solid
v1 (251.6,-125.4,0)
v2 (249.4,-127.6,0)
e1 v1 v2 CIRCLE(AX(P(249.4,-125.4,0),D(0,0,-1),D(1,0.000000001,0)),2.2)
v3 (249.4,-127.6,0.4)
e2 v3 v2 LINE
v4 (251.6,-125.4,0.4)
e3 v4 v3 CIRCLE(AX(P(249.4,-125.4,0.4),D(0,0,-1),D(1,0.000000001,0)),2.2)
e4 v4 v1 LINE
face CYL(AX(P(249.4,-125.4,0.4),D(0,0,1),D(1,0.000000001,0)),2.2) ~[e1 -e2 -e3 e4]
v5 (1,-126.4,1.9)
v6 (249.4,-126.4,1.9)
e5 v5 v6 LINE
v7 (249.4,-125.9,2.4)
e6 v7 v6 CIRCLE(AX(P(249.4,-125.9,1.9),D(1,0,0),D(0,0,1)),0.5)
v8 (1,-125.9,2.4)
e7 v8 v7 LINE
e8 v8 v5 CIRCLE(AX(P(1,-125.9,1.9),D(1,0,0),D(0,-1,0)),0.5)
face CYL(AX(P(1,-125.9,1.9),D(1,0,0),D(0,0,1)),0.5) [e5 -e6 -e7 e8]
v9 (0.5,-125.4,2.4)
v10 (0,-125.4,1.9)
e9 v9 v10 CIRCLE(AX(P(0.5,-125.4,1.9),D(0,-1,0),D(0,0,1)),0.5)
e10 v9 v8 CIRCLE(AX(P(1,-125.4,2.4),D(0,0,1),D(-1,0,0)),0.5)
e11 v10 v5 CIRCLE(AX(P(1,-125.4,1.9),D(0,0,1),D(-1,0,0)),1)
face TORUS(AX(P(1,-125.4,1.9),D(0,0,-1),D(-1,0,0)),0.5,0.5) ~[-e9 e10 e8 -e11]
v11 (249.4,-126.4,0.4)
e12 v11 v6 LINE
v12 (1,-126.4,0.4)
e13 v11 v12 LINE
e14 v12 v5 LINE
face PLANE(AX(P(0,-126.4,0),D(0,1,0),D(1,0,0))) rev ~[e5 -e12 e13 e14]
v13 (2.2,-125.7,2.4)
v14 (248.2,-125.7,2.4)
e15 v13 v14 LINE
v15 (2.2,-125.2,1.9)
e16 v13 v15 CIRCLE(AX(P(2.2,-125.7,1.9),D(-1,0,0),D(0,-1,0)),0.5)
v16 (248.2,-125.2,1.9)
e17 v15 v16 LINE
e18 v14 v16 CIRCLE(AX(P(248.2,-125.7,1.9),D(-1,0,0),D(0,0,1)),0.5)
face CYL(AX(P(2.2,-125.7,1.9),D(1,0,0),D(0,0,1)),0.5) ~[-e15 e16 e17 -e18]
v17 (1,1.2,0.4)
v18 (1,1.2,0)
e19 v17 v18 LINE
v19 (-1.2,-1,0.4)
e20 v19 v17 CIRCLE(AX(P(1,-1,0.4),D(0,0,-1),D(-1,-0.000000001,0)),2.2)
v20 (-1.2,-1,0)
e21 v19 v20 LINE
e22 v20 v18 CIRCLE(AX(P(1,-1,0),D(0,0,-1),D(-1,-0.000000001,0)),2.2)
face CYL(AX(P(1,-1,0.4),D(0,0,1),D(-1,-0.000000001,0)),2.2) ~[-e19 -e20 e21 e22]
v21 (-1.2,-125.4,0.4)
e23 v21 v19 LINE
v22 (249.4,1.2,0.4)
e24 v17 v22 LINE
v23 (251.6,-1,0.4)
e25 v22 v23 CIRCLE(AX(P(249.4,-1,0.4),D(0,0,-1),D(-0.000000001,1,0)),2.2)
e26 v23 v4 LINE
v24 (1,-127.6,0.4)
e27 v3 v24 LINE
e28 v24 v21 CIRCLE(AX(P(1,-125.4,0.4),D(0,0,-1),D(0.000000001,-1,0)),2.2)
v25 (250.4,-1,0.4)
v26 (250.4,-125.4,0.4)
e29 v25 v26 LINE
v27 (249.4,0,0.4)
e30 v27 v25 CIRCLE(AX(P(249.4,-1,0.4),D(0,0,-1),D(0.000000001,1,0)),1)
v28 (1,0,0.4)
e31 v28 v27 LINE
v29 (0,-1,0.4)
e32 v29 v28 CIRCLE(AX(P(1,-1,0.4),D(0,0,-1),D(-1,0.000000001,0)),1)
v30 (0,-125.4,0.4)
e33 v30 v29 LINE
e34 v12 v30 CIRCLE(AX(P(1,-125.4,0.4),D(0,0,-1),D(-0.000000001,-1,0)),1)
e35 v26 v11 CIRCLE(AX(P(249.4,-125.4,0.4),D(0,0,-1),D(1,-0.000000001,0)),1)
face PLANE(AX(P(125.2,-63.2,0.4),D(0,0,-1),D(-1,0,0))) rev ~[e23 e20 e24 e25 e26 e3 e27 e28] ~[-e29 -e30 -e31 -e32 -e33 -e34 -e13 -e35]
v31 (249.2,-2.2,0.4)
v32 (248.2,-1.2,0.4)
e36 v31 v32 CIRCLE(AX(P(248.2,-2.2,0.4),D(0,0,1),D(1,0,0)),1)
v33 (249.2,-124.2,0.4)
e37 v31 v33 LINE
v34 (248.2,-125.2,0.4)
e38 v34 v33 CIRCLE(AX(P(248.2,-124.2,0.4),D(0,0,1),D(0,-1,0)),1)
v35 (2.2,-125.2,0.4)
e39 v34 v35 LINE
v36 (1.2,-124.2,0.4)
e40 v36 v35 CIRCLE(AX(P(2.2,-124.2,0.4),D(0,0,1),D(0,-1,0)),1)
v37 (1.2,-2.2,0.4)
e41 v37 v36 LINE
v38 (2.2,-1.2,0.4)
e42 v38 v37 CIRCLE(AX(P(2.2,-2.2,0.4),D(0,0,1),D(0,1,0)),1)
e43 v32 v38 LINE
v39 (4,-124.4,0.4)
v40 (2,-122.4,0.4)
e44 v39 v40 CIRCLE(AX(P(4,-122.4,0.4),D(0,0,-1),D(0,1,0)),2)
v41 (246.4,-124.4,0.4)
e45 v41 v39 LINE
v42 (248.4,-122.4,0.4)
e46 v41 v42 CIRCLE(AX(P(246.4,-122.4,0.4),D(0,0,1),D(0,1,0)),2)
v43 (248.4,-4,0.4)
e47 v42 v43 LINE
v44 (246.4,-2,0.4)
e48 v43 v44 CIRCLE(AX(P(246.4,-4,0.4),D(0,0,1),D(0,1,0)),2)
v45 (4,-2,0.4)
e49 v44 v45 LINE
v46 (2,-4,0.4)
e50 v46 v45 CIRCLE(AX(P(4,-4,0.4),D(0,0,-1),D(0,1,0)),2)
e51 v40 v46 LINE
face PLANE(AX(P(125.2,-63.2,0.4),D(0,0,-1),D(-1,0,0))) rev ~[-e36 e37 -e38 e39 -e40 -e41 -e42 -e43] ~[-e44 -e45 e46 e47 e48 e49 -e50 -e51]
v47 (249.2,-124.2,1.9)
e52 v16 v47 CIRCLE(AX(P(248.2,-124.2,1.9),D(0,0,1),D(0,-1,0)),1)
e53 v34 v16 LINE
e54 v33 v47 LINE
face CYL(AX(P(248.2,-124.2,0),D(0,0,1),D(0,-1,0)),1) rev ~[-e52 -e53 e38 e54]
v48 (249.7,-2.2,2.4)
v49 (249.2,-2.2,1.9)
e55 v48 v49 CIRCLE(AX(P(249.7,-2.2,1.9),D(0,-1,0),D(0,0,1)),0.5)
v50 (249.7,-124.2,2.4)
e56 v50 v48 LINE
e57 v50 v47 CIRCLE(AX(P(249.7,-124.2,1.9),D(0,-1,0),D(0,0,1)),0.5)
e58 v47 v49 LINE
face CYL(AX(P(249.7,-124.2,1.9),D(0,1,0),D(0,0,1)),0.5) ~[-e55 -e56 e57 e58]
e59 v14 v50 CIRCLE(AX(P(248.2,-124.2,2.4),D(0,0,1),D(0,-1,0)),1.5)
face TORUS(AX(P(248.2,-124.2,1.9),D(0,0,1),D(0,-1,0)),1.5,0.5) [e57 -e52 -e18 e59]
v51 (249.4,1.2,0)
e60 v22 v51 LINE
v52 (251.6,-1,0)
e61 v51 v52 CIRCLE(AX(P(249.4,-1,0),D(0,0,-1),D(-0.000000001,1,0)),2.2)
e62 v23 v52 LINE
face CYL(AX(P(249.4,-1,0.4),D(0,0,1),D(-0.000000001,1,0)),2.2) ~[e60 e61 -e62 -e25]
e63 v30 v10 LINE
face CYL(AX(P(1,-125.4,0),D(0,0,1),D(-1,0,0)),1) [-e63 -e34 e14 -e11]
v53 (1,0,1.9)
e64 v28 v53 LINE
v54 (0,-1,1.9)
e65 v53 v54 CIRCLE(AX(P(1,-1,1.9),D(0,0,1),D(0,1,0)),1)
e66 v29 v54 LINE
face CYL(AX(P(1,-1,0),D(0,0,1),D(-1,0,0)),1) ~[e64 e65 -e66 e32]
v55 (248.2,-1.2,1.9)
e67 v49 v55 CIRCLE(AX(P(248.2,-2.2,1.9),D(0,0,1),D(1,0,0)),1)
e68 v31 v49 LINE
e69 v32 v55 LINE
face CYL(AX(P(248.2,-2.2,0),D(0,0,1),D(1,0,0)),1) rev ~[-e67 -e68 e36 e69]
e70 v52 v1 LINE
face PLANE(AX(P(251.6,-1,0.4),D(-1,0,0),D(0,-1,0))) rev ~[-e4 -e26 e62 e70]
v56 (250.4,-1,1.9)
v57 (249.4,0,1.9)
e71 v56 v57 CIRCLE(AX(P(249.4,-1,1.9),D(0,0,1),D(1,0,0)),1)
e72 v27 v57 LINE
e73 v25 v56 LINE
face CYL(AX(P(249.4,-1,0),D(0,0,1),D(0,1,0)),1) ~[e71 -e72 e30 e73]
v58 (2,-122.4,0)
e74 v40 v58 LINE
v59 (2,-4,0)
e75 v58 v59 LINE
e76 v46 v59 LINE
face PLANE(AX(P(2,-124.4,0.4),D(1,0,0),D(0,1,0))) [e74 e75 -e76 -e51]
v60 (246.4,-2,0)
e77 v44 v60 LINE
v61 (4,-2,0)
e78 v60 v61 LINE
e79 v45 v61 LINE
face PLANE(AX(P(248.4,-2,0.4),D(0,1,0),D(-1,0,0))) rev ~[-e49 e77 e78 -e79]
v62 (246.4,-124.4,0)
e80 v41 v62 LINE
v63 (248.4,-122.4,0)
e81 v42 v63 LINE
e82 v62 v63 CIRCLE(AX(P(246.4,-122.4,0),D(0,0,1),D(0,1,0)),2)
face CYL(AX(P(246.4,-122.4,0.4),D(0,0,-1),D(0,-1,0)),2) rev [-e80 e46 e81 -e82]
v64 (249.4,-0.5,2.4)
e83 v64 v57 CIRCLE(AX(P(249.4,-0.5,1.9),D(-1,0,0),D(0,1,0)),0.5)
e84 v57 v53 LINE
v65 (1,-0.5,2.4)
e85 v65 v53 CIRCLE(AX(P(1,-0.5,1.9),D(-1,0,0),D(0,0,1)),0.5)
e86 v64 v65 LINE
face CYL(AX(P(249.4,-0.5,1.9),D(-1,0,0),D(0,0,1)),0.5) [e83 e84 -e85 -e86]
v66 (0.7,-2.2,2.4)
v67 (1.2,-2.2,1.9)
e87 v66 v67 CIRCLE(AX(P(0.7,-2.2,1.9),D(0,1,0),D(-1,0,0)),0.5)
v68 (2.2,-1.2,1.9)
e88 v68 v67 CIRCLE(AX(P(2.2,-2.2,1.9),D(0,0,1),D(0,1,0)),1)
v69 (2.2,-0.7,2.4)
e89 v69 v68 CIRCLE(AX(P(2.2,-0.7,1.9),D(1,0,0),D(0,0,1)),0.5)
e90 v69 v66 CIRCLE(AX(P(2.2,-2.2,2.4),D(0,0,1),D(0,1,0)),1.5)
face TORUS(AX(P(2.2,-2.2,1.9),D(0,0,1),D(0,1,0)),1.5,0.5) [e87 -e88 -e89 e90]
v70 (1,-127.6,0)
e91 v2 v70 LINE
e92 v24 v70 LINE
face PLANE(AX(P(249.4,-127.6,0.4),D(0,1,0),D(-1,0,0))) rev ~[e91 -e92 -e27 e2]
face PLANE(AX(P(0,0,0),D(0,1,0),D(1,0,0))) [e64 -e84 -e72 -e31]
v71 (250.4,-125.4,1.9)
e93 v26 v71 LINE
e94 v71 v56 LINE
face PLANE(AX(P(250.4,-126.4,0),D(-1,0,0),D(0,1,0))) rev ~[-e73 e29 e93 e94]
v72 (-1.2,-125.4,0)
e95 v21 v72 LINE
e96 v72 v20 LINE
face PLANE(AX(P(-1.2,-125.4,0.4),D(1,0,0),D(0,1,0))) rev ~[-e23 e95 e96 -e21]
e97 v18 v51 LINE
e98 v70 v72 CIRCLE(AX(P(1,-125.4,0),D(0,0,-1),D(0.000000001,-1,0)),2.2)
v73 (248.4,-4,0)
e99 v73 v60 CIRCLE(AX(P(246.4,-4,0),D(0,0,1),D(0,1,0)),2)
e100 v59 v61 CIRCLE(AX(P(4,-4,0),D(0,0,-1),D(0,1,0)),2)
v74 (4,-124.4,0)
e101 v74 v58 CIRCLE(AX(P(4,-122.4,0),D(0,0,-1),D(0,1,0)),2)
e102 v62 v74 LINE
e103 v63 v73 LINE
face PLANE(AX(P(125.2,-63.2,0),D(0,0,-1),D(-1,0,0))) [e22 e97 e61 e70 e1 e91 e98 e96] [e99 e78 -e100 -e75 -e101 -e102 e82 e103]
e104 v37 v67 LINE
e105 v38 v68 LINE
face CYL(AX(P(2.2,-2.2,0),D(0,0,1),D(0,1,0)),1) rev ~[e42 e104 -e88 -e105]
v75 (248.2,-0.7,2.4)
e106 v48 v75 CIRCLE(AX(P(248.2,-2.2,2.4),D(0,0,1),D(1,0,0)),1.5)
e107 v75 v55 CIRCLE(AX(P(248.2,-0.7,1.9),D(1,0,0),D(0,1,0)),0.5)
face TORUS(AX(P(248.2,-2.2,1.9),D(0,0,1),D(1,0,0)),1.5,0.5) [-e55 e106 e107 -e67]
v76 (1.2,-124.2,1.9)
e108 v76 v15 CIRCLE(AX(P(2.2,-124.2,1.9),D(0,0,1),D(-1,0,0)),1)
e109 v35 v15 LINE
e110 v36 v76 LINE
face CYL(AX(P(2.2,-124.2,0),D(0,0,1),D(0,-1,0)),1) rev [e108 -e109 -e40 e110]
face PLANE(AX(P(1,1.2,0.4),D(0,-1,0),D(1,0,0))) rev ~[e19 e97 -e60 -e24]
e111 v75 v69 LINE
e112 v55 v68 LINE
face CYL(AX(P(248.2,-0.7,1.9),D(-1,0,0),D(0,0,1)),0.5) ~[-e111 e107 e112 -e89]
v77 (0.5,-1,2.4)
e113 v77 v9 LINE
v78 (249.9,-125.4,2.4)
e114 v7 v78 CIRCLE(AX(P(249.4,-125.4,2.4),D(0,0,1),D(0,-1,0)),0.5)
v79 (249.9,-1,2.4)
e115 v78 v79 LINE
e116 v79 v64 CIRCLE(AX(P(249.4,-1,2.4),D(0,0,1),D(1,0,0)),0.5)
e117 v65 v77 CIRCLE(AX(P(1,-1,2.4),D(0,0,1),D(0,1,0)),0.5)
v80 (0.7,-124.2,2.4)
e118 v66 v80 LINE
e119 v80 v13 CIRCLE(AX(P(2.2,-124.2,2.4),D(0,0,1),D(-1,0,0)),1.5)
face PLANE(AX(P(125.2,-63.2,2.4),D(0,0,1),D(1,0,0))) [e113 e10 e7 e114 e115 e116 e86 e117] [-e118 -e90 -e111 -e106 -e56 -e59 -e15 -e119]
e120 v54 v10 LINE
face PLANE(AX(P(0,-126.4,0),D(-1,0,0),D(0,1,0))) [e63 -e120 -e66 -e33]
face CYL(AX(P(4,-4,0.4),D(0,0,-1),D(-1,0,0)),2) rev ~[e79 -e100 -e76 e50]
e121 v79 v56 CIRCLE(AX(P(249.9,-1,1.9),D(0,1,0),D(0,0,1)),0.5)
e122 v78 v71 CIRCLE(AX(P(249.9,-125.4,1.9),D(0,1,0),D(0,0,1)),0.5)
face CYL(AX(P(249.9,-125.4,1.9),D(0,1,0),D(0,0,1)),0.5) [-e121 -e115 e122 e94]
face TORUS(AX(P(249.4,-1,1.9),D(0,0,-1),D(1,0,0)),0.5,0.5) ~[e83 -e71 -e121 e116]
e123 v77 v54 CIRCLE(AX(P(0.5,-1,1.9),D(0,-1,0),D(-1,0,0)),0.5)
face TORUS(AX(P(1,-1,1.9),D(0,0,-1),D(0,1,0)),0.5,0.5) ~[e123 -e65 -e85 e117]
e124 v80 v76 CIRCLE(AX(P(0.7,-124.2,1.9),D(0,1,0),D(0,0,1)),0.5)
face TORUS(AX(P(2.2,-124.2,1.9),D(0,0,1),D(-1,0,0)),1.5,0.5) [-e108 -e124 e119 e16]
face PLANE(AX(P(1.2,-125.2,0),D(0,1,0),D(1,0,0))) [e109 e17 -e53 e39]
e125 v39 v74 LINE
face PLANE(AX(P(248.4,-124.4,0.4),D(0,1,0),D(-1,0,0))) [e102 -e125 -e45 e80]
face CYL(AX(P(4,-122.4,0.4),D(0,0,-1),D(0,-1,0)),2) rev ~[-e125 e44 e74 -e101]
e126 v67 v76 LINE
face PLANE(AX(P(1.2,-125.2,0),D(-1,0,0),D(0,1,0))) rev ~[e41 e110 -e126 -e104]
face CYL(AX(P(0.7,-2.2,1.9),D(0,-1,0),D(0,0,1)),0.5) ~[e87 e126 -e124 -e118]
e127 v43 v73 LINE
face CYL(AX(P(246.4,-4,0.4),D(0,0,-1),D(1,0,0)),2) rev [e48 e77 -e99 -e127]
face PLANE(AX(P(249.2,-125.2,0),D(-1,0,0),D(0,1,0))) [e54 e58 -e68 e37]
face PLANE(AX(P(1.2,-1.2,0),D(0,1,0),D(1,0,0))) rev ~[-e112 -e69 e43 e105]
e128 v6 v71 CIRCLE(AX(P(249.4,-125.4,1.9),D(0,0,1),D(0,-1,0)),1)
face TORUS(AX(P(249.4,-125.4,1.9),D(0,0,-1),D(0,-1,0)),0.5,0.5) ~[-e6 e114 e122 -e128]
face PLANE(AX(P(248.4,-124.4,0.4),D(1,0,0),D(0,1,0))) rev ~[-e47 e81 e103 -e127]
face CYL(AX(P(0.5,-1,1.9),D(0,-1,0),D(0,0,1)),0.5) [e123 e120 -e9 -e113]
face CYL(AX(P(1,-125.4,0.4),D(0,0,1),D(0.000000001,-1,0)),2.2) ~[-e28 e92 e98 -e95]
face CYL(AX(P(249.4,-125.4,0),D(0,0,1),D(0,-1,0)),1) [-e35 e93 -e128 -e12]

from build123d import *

# Parameters (mm, degrees)
SKIZZE1_W                       = 250.4
SKIZZE1_H                       = 126.4
SKIZZE1_W_2                     = 248
SKIZZE1_H_2                     = 124
AUFSATZ_LINEAR_AUSTRAGEN1_DEPTH = 2.4
VERRUNDUNG1_R                   = 1
VERRUNDUNG2_R                   = 0.5
AUFSATZ_LINEAR_START            = -0.4
AUFSATZ_LINEAR_AUSTRAGEN2_DEPTH = 0.4
SKIZZE3_W                       = 246.4
SKIZZE3_H                       = 122.4
AUFSATZ_LINEAR_AUSTRAGEN3_DEPTH = 0.4
VERRUNDUNG3_R                   = 2


with BuildPart() as part:
    # Skizze1 → Aufsatz-Linear austragen1 (new body)
    with BuildSketch(Plane.XY):
        with Locations((125.2, -63.2)):
            Rectangle(SKIZZE1_W, SKIZZE1_H)
        with Locations((125.2, -63.2)):
            Rectangle(SKIZZE1_W_2, SKIZZE1_H_2, mode=Mode.SUBTRACT)
    extrude(amount=AUFSATZ_LINEAR_AUSTRAGEN1_DEPTH)

    # Verrundung1
    verrundung1_edges = [part.edges().sort_by_distance(p)[0] for p in [
        (1.2, -1.2, 1.2),
        (1.2, -125.2, 1.2),
        (249.2, -125.2, 1.2),
        (249.2, -1.2, 1.2),
        (0, 0, 1.2),
        (250.4, 0, 1.2),
        (250.4, -126.4, 1.2),
        (0, -126.4, 1.2),
    ]]
    fillet(verrundung1_edges, radius=VERRUNDUNG1_R)

    # Verrundung2
    verrundung2_edges = [part.edges().sort_by_distance(p)[0] for p in [
        (249.2, -63.2, 2.4),
        (125.2, -1.2, 2.4),
        (125.2, -125.2, 2.4),
        (250.4, -63.2, 2.4),
        (125.2, -126.4, 2.4),
        (0, -63.2, 2.4),
        (125.2, 0, 2.4),
        (1.2, -63.2, 2.4),
        (0.292893219, -0.292893219, 2.4),
        (0.292893219, -126.107106781, 2.4),
        (250.107106781, -0.292893219, 2.4),
        (250.107106781, -126.107106781, 2.4),
        (248.907106781, -1.492893219, 2.4),
        (248.907106781, -124.907106781, 2.4),
        (1.492893219, -124.907106781, 2.4),
        (1.492893219, -1.492893219, 2.4),
    ]]
    fillet(verrundung2_edges, radius=VERRUNDUNG2_R)

    # Skizze2 → Aufsatz-Linear austragen2 (add)
    with BuildSketch(Plane(origin=(0, 0, 0), x_dir=(-1, 0, 0), z_dir=(0, 0, -1)).offset(AUFSATZ_LINEAR_START)):
        with BuildLine():
            Line((-1, 1.2), (-249.4, 1.2))
            ThreePointArc((-249.4, 1.2), (-250.955634919, 0.555634919), (-251.6, -1))
            Line((-251.6, -1), (-251.6, -125.4))
            ThreePointArc((-251.6, -125.4), (-250.955634919, -126.955634919), (-249.4, -127.6))
            Line((-249.4, -127.6), (-1, -127.6))
            ThreePointArc((-1, -127.6), (0.555634919, -126.955634919), (1.2, -125.4))
            Line((1.2, -125.4), (1.2, -1))
            ThreePointArc((1.2, -1), (0.555634919, 0.555634919), (-1, 1.2))
        make_face()
        with BuildLine():
            Line((-250.4, -1), (-250.4, -125.4))
            ThreePointArc((-250.4, -125.4), (-250.107106781, -126.107106781), (-249.4, -126.4))
            Line((-249.4, -126.4), (-1, -126.4))
            ThreePointArc((-1, -126.4), (-0.292893219, -126.107106781), (0, -125.4))
            Line((0, -125.4), (0, -1))
            ThreePointArc((0, -1), (-0.292893219, -0.292893219), (-1, 0))
            Line((-1, 0), (-249.4, 0))
            ThreePointArc((-249.4, 0), (-250.107106781, -0.292893219), (-250.4, -1))
        make_face(mode=Mode.SUBTRACT)
    extrude(amount=AUFSATZ_LINEAR_AUSTRAGEN2_DEPTH)

    # Skizze3 → Aufsatz-Linear austragen3 (add)
    with BuildSketch(Plane(origin=(0, 0, 0), x_dir=(-1, 0, 0), z_dir=(0, 0, -1)).offset(AUFSATZ_LINEAR_START)):
        with BuildLine():
            Line((-1, 1.2), (-249.4, 1.2))
            ThreePointArc((-249.4, 1.2), (-250.955634919, 0.555634919), (-251.6, -1))
            Line((-251.6, -1), (-251.6, -125.4))
            ThreePointArc((-251.6, -125.4), (-250.955634919, -126.955634919), (-249.4, -127.6))
            Line((-249.4, -127.6), (-1, -127.6))
            ThreePointArc((-1, -127.6), (0.555634919, -126.955634919), (1.2, -125.4))
            Line((1.2, -125.4), (1.2, -1))
            ThreePointArc((1.2, -1), (0.555634919, 0.555634919), (-1, 1.2))
        make_face()
        with Locations((-125.2, -63.2)):
            Rectangle(SKIZZE3_W, SKIZZE3_H, mode=Mode.SUBTRACT)
    extrude(amount=AUFSATZ_LINEAR_AUSTRAGEN3_DEPTH)

    # Verrundung3
    verrundung3_edges = [part.edges().sort_by_distance(p)[0] for p in [
        (2, -124.4, 0.2),
        (248.4, -124.4, 0.2),
        (248.4, -2, 0.2),
        (2, -2, 0.2),
    ]]
    fillet(verrundung3_edges, radius=VERRUNDUNG3_R)


solid = part.part
